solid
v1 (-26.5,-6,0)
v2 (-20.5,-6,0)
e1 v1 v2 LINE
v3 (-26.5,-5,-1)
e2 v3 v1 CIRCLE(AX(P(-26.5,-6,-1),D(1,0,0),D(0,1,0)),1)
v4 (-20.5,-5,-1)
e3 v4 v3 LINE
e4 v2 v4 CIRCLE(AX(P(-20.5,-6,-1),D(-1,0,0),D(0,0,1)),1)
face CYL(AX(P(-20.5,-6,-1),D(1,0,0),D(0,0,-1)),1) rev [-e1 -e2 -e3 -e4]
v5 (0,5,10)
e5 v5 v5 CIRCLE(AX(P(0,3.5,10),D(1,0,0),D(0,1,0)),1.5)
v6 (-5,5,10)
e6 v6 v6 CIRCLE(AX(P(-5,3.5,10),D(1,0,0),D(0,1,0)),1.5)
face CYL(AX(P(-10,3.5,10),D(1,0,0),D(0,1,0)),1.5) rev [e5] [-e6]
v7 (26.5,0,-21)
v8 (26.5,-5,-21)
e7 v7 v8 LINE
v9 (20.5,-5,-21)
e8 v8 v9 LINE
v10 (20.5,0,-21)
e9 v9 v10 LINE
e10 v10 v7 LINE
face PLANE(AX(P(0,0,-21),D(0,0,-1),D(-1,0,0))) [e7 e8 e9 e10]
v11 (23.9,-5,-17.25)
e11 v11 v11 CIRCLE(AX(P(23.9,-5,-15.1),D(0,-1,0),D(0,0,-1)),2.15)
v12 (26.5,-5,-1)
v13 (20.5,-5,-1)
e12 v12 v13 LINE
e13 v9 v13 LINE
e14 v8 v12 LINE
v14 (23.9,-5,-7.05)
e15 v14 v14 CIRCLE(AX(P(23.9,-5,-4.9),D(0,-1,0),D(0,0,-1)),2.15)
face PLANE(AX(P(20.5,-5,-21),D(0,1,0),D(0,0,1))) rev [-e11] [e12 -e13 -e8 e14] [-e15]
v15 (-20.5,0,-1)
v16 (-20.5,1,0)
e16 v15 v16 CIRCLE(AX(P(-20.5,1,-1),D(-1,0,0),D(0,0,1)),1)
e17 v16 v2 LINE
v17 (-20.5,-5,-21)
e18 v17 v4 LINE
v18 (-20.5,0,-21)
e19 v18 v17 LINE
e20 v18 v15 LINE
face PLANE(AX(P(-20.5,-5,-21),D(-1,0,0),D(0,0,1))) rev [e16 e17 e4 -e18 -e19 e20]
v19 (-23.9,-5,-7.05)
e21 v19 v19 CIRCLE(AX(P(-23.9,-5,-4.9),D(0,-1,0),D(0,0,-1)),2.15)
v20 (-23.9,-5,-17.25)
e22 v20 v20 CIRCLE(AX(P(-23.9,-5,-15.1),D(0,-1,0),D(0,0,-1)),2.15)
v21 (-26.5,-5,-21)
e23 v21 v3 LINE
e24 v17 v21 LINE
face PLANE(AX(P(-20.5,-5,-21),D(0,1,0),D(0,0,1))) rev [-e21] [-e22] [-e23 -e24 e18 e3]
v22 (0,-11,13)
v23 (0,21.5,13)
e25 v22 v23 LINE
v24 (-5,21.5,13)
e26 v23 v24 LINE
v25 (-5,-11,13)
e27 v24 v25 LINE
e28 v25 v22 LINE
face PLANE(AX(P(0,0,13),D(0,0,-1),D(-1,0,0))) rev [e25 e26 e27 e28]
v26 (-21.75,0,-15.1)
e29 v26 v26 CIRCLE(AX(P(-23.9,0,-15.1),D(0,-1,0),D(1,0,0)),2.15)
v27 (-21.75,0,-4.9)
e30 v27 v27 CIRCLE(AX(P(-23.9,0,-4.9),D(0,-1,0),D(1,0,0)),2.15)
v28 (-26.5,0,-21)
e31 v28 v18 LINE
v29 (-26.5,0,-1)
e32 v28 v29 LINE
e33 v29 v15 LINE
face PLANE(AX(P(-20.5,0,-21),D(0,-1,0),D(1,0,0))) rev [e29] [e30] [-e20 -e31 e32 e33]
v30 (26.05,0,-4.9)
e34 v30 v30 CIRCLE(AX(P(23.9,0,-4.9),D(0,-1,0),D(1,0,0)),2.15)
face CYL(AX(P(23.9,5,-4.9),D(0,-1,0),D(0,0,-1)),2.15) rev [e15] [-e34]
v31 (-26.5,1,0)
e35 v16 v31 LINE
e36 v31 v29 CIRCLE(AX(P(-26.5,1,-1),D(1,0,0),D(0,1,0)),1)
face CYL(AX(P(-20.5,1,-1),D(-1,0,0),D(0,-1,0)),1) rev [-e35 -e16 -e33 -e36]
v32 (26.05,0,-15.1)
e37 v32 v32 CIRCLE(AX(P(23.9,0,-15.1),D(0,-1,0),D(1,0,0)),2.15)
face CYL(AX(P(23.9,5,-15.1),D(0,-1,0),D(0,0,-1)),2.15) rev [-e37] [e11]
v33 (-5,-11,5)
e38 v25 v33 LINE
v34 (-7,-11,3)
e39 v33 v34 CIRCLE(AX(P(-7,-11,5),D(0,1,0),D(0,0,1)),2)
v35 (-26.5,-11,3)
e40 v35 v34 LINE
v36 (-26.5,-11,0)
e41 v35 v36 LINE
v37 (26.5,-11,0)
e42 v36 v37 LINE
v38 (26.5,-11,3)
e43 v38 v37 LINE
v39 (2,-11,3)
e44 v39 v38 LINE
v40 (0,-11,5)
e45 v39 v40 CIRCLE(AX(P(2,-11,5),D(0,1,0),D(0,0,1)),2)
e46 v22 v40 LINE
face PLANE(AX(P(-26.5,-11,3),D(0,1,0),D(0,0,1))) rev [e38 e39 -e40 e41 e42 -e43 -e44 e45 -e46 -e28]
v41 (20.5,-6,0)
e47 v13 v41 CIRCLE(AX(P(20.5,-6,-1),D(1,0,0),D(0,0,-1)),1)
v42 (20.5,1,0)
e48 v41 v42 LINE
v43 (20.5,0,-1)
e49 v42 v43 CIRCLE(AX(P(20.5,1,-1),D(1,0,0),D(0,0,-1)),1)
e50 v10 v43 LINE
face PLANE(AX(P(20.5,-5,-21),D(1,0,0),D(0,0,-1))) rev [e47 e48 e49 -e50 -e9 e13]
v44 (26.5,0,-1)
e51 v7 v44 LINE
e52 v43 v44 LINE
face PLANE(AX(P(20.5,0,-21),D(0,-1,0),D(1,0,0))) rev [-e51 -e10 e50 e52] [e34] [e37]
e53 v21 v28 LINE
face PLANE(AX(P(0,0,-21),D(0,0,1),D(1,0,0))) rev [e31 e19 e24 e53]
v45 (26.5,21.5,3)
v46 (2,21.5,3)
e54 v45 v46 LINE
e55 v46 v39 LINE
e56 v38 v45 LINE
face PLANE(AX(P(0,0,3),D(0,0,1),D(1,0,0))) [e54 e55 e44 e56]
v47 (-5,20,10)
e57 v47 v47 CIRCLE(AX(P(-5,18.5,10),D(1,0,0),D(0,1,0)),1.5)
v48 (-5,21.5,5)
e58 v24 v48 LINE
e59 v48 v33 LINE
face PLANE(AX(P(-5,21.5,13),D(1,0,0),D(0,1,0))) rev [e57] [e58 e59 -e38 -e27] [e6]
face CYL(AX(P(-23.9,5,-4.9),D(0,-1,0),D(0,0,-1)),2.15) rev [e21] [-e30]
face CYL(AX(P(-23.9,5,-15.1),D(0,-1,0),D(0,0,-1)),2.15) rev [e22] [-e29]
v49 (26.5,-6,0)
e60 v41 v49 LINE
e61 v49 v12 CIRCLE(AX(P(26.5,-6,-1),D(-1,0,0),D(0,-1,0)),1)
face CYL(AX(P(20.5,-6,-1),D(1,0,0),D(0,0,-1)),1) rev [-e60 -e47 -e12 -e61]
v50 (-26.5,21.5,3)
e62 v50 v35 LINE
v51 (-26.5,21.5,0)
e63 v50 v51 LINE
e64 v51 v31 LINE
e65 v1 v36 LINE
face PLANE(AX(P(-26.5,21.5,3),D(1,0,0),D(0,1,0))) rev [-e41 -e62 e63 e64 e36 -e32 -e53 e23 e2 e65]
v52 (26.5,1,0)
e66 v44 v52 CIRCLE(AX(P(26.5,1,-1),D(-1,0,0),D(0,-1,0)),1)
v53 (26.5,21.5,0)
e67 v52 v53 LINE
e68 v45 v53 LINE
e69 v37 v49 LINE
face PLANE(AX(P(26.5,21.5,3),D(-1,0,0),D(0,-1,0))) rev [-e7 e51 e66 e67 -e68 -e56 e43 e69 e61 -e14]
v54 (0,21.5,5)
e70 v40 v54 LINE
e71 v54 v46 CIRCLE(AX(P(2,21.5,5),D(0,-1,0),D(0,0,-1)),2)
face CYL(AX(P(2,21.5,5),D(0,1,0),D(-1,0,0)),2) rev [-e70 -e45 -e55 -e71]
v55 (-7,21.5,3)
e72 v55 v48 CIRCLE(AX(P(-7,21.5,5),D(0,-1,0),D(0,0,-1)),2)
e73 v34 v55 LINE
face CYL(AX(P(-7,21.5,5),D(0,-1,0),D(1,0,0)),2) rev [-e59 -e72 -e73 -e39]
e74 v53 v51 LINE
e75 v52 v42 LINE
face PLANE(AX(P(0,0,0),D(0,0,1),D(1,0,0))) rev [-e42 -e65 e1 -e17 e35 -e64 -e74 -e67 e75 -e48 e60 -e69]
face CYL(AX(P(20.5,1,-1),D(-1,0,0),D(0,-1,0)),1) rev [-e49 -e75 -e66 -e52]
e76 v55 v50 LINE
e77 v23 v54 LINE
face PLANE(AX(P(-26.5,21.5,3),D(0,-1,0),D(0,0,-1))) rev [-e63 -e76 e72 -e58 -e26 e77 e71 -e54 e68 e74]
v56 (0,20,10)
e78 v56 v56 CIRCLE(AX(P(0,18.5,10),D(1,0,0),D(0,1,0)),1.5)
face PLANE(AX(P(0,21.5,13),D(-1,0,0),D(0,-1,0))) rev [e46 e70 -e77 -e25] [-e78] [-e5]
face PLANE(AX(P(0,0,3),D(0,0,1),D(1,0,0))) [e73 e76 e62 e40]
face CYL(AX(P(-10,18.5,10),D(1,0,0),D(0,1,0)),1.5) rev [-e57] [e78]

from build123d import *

# Parameters (mm, degrees)
SKETCH1_W           = 53
SKETCH1_H           = 32.5
BOSS_EXTRUDE1_DEPTH = 3
SKETCH2_W           = 6
SKETCH2_H           = 5
BOSS_EXTRUDE2_DEPTH = 21
FILLET1_R           = 1
SKETCH3_W           = 5
SKETCH3_H           = 32.5
BOSS_EXTRUDE3_DEPTH = 10
FILLET2_R           = 2
SKETCH4_R           = 2.15
CUT_EXTRUDE1_DEPTH  = 10
SKETCH5_R           = 1.5
CUT_EXTRUDE2_DEPTH  = 10


with BuildPart() as part:
    # Sketch1 → Boss-Extrude1 (new body)
    with BuildSketch(Plane.XY):
        with Locations((0, 5.25)):
            Rectangle(SKETCH1_W, SKETCH1_H)
    extrude(amount=BOSS_EXTRUDE1_DEPTH)

    # Sketch2 → Boss-Extrude2 (add)
    with BuildSketch(Plane(origin=(0, 0, 0), x_dir=(-1, 0, 0), z_dir=(0, 0, -1))):
        with Locations((23.5, -2.5)):
            Rectangle(SKETCH2_W, SKETCH2_H)
        with Locations((-23.5, -2.5)):
            Rectangle(SKETCH2_W, SKETCH2_H)
    extrude(amount=BOSS_EXTRUDE2_DEPTH)

    # Fillet1
    fillet1_edges = [part.edges().sort_by_distance(p)[0] for p in [
        (23.5, 0, 0),
        (23.5, -5, 0),
        (-23.5, 0, 0),
        (-23.5, -5, 0),
    ]]
    fillet(fillet1_edges, radius=FILLET1_R)

    # Sketch3 → Boss-Extrude3 (add)
    with BuildSketch(Plane.XY.offset(3)):
        with Locations((-2.5, 5.25)):
            Rectangle(SKETCH3_W, SKETCH3_H)
    extrude(amount=BOSS_EXTRUDE3_DEPTH)

    # Fillet2
    fillet2_edges = [part.edges().sort_by_distance(p)[0] for p in [
        (-5, 5.25, 3),
        (0, 5.25, 3),
    ]]
    fillet(fillet2_edges, radius=FILLET2_R)

    # Sketch4 → Cut-Extrude1 (cut)
    with BuildSketch(Plane.XZ.offset(5)):
        with Locations(Location((23.9, -4.9, 0), (0, 0, 270))):
            Circle(SKETCH4_R)
        with Locations(Location((23.9, -15.1, 0), (0, 0, 270))):
            Circle(SKETCH4_R)
        with Locations(Location((-23.9, -4.9, 0), (0, 0, 270))):
            Circle(SKETCH4_R)
        with Locations(Location((-23.9, -15.1, 0), (0, 0, 270))):
            Circle(SKETCH4_R)
    extrude(amount=-CUT_EXTRUDE1_DEPTH, mode=Mode.SUBTRACT)

    # Sketch5 → Cut-Extrude2 (cut)
    with BuildSketch(Plane(origin=(0, 0, 0), x_dir=(0, 0, -1), z_dir=(1, 0, 0))):
        with Locations(Location((-10, 18.5, 0), (0, 0, 90))):
            Circle(SKETCH5_R)
        with Locations(Location((-10, 3.5, 0), (0, 0, 90))):
            Circle(SKETCH5_R)
    extrude(amount=-CUT_EXTRUDE2_DEPTH, mode=Mode.SUBTRACT)


solid = part.part
